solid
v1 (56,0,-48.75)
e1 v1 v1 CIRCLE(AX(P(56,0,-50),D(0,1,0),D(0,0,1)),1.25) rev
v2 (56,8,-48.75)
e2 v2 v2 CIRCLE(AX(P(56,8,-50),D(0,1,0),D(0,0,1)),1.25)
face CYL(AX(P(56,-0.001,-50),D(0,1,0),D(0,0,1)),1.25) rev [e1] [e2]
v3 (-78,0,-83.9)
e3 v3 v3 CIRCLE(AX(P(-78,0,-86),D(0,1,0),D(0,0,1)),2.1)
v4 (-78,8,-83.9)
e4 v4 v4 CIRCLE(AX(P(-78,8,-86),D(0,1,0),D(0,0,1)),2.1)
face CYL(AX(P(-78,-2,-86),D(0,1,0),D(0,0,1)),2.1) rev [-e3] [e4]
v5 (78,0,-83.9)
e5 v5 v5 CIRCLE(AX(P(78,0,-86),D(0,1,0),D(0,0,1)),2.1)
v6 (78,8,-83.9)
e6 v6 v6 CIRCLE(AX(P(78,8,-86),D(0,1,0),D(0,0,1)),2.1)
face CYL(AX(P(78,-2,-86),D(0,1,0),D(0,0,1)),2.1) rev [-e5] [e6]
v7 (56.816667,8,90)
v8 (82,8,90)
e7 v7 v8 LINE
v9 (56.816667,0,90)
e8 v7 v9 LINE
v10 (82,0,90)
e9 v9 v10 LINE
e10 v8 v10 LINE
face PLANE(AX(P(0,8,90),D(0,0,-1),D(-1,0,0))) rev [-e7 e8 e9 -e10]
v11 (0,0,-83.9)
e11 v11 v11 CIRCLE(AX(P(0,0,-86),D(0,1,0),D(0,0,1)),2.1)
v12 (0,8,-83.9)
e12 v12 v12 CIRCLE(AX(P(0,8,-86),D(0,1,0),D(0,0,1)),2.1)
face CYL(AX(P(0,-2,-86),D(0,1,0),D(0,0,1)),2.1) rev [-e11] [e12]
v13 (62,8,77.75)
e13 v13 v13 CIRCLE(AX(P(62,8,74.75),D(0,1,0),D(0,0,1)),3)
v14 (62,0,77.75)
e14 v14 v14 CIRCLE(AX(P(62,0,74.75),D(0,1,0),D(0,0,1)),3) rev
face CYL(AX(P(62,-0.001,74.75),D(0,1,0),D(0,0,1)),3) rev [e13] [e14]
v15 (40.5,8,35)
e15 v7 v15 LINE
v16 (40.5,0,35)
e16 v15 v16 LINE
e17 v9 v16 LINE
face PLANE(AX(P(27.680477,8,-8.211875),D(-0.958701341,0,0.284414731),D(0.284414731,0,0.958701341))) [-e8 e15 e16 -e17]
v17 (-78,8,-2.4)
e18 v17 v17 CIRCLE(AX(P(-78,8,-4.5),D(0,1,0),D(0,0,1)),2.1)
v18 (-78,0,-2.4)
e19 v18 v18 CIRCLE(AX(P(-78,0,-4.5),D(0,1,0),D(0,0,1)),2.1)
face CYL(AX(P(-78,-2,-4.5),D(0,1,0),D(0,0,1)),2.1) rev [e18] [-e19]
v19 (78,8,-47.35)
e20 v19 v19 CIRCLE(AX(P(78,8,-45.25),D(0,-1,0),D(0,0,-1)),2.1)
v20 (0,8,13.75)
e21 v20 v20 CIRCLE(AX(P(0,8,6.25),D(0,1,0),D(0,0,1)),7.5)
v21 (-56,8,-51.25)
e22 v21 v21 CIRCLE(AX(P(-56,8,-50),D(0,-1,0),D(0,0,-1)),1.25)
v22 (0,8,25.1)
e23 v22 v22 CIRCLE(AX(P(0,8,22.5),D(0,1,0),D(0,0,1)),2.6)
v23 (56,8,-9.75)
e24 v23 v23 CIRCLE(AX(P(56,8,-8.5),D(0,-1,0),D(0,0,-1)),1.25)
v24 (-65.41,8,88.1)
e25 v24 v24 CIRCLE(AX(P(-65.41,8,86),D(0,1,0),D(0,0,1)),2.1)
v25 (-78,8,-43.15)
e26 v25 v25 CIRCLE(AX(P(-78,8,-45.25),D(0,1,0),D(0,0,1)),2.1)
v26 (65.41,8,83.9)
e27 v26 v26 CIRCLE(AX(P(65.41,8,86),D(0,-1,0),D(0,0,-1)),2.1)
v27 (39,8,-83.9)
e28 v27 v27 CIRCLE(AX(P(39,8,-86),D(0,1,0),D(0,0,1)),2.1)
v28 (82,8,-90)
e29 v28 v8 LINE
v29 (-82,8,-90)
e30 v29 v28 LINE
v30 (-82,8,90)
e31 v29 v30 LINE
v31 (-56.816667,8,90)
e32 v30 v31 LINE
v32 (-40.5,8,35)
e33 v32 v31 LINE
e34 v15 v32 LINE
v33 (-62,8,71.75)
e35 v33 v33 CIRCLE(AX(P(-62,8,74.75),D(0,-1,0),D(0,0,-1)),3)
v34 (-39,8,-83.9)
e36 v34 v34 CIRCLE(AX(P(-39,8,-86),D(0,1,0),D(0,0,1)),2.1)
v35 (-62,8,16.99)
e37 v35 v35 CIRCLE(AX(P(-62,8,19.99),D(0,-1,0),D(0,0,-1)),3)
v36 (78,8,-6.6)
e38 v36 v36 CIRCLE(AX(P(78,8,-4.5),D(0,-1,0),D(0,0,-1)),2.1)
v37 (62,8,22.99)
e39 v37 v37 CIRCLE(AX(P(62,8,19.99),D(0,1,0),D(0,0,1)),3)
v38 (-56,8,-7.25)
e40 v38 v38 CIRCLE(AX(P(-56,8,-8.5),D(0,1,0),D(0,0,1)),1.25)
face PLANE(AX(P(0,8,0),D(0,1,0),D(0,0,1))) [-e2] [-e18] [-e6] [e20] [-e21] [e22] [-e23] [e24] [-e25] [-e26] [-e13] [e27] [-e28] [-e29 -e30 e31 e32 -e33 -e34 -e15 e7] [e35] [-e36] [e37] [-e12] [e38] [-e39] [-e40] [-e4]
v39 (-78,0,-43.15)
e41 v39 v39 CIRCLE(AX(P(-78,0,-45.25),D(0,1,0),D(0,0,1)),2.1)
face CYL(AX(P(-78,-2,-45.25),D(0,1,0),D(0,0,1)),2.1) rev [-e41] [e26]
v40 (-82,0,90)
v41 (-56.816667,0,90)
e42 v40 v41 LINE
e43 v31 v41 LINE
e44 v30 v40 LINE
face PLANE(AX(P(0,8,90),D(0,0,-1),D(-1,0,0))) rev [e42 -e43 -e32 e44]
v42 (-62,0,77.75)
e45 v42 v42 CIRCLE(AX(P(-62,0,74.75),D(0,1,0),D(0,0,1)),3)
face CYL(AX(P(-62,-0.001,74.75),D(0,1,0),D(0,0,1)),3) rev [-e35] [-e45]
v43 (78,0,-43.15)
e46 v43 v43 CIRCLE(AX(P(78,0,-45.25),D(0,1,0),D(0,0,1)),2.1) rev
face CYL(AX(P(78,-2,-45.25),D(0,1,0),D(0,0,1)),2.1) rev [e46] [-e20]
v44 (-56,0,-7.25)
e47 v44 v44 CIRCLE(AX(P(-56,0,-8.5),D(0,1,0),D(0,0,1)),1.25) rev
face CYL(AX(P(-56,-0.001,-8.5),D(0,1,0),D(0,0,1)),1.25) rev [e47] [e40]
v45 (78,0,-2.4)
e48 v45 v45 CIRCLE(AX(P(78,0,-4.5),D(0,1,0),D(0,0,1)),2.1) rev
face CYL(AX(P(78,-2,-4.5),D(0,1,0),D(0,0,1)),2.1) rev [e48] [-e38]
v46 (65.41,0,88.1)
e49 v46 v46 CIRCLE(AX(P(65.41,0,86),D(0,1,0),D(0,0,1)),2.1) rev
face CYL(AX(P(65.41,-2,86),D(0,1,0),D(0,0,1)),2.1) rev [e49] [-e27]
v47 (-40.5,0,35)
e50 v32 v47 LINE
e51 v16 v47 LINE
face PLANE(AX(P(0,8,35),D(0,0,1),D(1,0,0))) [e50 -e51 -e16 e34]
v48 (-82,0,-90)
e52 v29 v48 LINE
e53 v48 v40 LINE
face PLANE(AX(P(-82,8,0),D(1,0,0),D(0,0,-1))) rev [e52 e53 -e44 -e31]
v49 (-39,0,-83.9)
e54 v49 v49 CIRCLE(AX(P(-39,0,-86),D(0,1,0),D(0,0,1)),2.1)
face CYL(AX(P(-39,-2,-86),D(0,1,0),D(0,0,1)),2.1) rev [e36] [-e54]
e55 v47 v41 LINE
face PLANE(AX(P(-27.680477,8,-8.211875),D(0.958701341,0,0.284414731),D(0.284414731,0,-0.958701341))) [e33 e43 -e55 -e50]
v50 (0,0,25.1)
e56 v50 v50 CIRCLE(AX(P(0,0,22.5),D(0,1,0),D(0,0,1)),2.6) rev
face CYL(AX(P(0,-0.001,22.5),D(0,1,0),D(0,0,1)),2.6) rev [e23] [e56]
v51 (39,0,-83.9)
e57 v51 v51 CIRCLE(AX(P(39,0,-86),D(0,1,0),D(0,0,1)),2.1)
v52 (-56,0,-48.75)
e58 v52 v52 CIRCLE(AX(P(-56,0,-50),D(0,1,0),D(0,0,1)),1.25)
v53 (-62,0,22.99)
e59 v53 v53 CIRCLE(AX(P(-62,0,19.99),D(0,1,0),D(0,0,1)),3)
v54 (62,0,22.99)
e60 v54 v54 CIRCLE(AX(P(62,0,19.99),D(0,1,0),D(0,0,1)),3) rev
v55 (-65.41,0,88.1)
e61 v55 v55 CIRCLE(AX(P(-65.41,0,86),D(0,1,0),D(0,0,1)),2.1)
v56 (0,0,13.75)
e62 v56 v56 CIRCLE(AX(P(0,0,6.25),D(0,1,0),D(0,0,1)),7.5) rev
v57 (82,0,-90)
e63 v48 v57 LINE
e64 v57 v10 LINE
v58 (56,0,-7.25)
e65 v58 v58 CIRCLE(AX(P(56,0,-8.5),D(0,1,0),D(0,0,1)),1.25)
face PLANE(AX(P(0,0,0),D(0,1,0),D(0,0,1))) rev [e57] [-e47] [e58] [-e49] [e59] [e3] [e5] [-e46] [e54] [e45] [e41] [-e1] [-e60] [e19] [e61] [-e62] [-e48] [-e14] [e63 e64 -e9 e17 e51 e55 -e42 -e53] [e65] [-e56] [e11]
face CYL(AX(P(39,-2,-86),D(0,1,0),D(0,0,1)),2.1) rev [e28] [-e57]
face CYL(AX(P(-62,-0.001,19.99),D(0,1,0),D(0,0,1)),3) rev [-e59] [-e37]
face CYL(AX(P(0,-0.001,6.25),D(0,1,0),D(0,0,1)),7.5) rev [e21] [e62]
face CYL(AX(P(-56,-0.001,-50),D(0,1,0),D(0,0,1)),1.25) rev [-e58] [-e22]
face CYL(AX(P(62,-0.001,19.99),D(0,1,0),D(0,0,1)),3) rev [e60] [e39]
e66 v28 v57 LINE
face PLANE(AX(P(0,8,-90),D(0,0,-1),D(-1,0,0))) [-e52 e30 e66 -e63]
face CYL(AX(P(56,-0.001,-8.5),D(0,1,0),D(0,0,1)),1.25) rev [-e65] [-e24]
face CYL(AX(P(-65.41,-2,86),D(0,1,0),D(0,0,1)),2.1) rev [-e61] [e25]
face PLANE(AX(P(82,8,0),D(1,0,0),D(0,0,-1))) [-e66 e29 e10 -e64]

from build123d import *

# Parameters (mm, degrees)
BOSS_EXTRUDE3_DEPTH = 8
SKETCH3_R           = 2.1
CUT_EXTRUDE2_DEPTH  = 10
CUT_EXTRUDE3_REACH  = 10
SKETCH5_R           = 3
SKETCH5_R_2         = 7.5
SKETCH5_R_3         = 2.6
CUT_EXTRUDE4_REACH  = 10
SKETCH6_R           = 1.25


with BuildPart() as part:
    # Sketch1 → Boss-Extrude3 (new body)
    with BuildSketch(Plane(origin=(0, 0, 0), x_dir=(1, 0, 0), z_dir=(0, 1, 0))):
        Polygon((40.5, -35), (56.816666667, -90), (82, -90), (82, 90), (-82, 90), (-82, -90), (-56.816666667, -90), (-40.5, -35), align=None)
    extrude(amount=BOSS_EXTRUDE3_DEPTH)

    # Sketch3 → Cut-Extrude2 (cut)
    with BuildSketch(Plane(origin=(-73, 8, 0), x_dir=(0, 0, 1), z_dir=(0, 1, 0))):
        with Locations((-45.25, -5)):
            Circle(SKETCH3_R)
        with Locations((-86, -5)):
            Circle(SKETCH3_R)
        with Locations((-86, 34)):
            Circle(SKETCH3_R)
        with Locations((-86, 73)):
            Circle(SKETCH3_R)
        with Locations((-86, 112)):
            Circle(SKETCH3_R)
        with Locations((-86, 151)):
            Circle(SKETCH3_R)
        with Locations((-4.5, -5)):
            Circle(SKETCH3_R)
        with Locations((-4.5, 151)):
            Circle(SKETCH3_R)
        with Locations((-45.25, 151)):
            Circle(SKETCH3_R)
        with Locations((86, 7.59)):
            Circle(SKETCH3_R)
        with Locations((86, 138.41)):
            Circle(SKETCH3_R)
    extrude(amount=-CUT_EXTRUDE2_DEPTH, mode=Mode.SUBTRACT)

    # Sketch5 → Cut-Extrude3 (cut, up to next)
    with BuildSketch(Plane(origin=(0, 8, 0), x_dir=(1, 0, 0), z_dir=(0, 1, 0)), mode=Mode.PRIVATE) as cut_extrude3_sk1:
        with Locations((62, -74.75)):
            Circle(SKETCH5_R)
    cut_extrude3_tool1 = extrude(cut_extrude3_sk1.sketch, amount=-CUT_EXTRUDE3_REACH, mode=Mode.PRIVATE) & part.part
    add(cut_extrude3_tool1.solids().sort_by_distance((62, 8, 74.75))[0], mode=Mode.SUBTRACT)
    # Sketch5 → Cut-Extrude3 (cut, up to next)
    with BuildSketch(Plane(origin=(0, 8, 0), x_dir=(1, 0, 0), z_dir=(0, 1, 0)), mode=Mode.PRIVATE) as cut_extrude3_sk2:
        with Locations((62, -19.99)):
            Circle(SKETCH5_R)
    cut_extrude3_tool2 = extrude(cut_extrude3_sk2.sketch, amount=-CUT_EXTRUDE3_REACH, mode=Mode.PRIVATE) & part.part
    add(cut_extrude3_tool2.solids().sort_by_distance((62, 8, 19.99))[0], mode=Mode.SUBTRACT)
    # Sketch5 → Cut-Extrude3 (cut, up to next)
    with BuildSketch(Plane(origin=(0, 8, 0), x_dir=(1, 0, 0), z_dir=(0, 1, 0)), mode=Mode.PRIVATE) as cut_extrude3_sk3:
        with Locations((-62, -74.75)):
            Circle(SKETCH5_R)
    cut_extrude3_tool3 = extrude(cut_extrude3_sk3.sketch, amount=-CUT_EXTRUDE3_REACH, mode=Mode.PRIVATE) & part.part
    add(cut_extrude3_tool3.solids().sort_by_distance((-62, 8, 74.75))[0], mode=Mode.SUBTRACT)
    # Sketch5 → Cut-Extrude3 (cut, up to next)
    with BuildSketch(Plane(origin=(0, 8, 0), x_dir=(1, 0, 0), z_dir=(0, 1, 0)), mode=Mode.PRIVATE) as cut_extrude3_sk4:
        with Locations((-62, -19.99)):
            Circle(SKETCH5_R)
    cut_extrude3_tool4 = extrude(cut_extrude3_sk4.sketch, amount=-CUT_EXTRUDE3_REACH, mode=Mode.PRIVATE) & part.part
    add(cut_extrude3_tool4.solids().sort_by_distance((-62, 8, 19.99))[0], mode=Mode.SUBTRACT)
    # Sketch5 → Cut-Extrude3 (cut, up to next)
    with BuildSketch(Plane(origin=(0, 8, 0), x_dir=(1, 0, 0), z_dir=(0, 1, 0)), mode=Mode.PRIVATE) as cut_extrude3_sk5:
        with Locations((0, -6.25)):
            Circle(SKETCH5_R_2)
    cut_extrude3_tool5 = extrude(cut_extrude3_sk5.sketch, amount=-CUT_EXTRUDE3_REACH, mode=Mode.PRIVATE) & part.part
    add(cut_extrude3_tool5.solids().sort_by_distance((0, 8, 6.25))[0], mode=Mode.SUBTRACT)
    # Sketch5 → Cut-Extrude3 (cut, up to next)
    with BuildSketch(Plane(origin=(0, 8, 0), x_dir=(1, 0, 0), z_dir=(0, 1, 0)), mode=Mode.PRIVATE) as cut_extrude3_sk6:
        with Locations((0, -22.5)):
            Circle(SKETCH5_R_3)
    cut_extrude3_tool6 = extrude(cut_extrude3_sk6.sketch, amount=-CUT_EXTRUDE3_REACH, mode=Mode.PRIVATE) & part.part
    add(cut_extrude3_tool6.solids().sort_by_distance((0, 8, 22.5))[0], mode=Mode.SUBTRACT)

    # Sketch6 → Cut-Extrude4 (cut, up to next)
    with BuildSketch(Plane(origin=(0, 8, 0), x_dir=(1, 0, 0), z_dir=(0, 1, 0)), mode=Mode.PRIVATE) as cut_extrude4_sk1:
        with Locations((-56, 8.5)):
            Circle(SKETCH6_R)
    cut_extrude4_tool1 = extrude(cut_extrude4_sk1.sketch, amount=-CUT_EXTRUDE4_REACH, mode=Mode.PRIVATE) & part.part
    add(cut_extrude4_tool1.solids().sort_by_distance((-56, 8, -8.5))[0], mode=Mode.SUBTRACT)
    # Sketch6 → Cut-Extrude4 (cut, up to next)
    with BuildSketch(Plane(origin=(0, 8, 0), x_dir=(1, 0, 0), z_dir=(0, 1, 0)), mode=Mode.PRIVATE) as cut_extrude4_sk2:
        with Locations((-56, 50)):
            Circle(SKETCH6_R)
    cut_extrude4_tool2 = extrude(cut_extrude4_sk2.sketch, amount=-CUT_EXTRUDE4_REACH, mode=Mode.PRIVATE) & part.part
    add(cut_extrude4_tool2.solids().sort_by_distance((-56, 8, -50))[0], mode=Mode.SUBTRACT)
    # Sketch6 → Cut-Extrude4 (cut, up to next)
    with BuildSketch(Plane(origin=(0, 8, 0), x_dir=(1, 0, 0), z_dir=(0, 1, 0)), mode=Mode.PRIVATE) as cut_extrude4_sk3:
        with Locations((56, 50)):
            Circle(SKETCH6_R)
    cut_extrude4_tool3 = extrude(cut_extrude4_sk3.sketch, amount=-CUT_EXTRUDE4_REACH, mode=Mode.PRIVATE) & part.part
    add(cut_extrude4_tool3.solids().sort_by_distance((56, 8, -50))[0], mode=Mode.SUBTRACT)
    # Sketch6 → Cut-Extrude4 (cut, up to next)
    with BuildSketch(Plane(origin=(0, 8, 0), x_dir=(1, 0, 0), z_dir=(0, 1, 0)), mode=Mode.PRIVATE) as cut_extrude4_sk4:
        with Locations((56, 8.5)):
            Circle(SKETCH6_R)
    cut_extrude4_tool4 = extrude(cut_extrude4_sk4.sketch, amount=-CUT_EXTRUDE4_REACH, mode=Mode.PRIVATE) & part.part
    add(cut_extrude4_tool4.solids().sort_by_distance((56, 8, -8.5))[0], mode=Mode.SUBTRACT)


solid = part.part
